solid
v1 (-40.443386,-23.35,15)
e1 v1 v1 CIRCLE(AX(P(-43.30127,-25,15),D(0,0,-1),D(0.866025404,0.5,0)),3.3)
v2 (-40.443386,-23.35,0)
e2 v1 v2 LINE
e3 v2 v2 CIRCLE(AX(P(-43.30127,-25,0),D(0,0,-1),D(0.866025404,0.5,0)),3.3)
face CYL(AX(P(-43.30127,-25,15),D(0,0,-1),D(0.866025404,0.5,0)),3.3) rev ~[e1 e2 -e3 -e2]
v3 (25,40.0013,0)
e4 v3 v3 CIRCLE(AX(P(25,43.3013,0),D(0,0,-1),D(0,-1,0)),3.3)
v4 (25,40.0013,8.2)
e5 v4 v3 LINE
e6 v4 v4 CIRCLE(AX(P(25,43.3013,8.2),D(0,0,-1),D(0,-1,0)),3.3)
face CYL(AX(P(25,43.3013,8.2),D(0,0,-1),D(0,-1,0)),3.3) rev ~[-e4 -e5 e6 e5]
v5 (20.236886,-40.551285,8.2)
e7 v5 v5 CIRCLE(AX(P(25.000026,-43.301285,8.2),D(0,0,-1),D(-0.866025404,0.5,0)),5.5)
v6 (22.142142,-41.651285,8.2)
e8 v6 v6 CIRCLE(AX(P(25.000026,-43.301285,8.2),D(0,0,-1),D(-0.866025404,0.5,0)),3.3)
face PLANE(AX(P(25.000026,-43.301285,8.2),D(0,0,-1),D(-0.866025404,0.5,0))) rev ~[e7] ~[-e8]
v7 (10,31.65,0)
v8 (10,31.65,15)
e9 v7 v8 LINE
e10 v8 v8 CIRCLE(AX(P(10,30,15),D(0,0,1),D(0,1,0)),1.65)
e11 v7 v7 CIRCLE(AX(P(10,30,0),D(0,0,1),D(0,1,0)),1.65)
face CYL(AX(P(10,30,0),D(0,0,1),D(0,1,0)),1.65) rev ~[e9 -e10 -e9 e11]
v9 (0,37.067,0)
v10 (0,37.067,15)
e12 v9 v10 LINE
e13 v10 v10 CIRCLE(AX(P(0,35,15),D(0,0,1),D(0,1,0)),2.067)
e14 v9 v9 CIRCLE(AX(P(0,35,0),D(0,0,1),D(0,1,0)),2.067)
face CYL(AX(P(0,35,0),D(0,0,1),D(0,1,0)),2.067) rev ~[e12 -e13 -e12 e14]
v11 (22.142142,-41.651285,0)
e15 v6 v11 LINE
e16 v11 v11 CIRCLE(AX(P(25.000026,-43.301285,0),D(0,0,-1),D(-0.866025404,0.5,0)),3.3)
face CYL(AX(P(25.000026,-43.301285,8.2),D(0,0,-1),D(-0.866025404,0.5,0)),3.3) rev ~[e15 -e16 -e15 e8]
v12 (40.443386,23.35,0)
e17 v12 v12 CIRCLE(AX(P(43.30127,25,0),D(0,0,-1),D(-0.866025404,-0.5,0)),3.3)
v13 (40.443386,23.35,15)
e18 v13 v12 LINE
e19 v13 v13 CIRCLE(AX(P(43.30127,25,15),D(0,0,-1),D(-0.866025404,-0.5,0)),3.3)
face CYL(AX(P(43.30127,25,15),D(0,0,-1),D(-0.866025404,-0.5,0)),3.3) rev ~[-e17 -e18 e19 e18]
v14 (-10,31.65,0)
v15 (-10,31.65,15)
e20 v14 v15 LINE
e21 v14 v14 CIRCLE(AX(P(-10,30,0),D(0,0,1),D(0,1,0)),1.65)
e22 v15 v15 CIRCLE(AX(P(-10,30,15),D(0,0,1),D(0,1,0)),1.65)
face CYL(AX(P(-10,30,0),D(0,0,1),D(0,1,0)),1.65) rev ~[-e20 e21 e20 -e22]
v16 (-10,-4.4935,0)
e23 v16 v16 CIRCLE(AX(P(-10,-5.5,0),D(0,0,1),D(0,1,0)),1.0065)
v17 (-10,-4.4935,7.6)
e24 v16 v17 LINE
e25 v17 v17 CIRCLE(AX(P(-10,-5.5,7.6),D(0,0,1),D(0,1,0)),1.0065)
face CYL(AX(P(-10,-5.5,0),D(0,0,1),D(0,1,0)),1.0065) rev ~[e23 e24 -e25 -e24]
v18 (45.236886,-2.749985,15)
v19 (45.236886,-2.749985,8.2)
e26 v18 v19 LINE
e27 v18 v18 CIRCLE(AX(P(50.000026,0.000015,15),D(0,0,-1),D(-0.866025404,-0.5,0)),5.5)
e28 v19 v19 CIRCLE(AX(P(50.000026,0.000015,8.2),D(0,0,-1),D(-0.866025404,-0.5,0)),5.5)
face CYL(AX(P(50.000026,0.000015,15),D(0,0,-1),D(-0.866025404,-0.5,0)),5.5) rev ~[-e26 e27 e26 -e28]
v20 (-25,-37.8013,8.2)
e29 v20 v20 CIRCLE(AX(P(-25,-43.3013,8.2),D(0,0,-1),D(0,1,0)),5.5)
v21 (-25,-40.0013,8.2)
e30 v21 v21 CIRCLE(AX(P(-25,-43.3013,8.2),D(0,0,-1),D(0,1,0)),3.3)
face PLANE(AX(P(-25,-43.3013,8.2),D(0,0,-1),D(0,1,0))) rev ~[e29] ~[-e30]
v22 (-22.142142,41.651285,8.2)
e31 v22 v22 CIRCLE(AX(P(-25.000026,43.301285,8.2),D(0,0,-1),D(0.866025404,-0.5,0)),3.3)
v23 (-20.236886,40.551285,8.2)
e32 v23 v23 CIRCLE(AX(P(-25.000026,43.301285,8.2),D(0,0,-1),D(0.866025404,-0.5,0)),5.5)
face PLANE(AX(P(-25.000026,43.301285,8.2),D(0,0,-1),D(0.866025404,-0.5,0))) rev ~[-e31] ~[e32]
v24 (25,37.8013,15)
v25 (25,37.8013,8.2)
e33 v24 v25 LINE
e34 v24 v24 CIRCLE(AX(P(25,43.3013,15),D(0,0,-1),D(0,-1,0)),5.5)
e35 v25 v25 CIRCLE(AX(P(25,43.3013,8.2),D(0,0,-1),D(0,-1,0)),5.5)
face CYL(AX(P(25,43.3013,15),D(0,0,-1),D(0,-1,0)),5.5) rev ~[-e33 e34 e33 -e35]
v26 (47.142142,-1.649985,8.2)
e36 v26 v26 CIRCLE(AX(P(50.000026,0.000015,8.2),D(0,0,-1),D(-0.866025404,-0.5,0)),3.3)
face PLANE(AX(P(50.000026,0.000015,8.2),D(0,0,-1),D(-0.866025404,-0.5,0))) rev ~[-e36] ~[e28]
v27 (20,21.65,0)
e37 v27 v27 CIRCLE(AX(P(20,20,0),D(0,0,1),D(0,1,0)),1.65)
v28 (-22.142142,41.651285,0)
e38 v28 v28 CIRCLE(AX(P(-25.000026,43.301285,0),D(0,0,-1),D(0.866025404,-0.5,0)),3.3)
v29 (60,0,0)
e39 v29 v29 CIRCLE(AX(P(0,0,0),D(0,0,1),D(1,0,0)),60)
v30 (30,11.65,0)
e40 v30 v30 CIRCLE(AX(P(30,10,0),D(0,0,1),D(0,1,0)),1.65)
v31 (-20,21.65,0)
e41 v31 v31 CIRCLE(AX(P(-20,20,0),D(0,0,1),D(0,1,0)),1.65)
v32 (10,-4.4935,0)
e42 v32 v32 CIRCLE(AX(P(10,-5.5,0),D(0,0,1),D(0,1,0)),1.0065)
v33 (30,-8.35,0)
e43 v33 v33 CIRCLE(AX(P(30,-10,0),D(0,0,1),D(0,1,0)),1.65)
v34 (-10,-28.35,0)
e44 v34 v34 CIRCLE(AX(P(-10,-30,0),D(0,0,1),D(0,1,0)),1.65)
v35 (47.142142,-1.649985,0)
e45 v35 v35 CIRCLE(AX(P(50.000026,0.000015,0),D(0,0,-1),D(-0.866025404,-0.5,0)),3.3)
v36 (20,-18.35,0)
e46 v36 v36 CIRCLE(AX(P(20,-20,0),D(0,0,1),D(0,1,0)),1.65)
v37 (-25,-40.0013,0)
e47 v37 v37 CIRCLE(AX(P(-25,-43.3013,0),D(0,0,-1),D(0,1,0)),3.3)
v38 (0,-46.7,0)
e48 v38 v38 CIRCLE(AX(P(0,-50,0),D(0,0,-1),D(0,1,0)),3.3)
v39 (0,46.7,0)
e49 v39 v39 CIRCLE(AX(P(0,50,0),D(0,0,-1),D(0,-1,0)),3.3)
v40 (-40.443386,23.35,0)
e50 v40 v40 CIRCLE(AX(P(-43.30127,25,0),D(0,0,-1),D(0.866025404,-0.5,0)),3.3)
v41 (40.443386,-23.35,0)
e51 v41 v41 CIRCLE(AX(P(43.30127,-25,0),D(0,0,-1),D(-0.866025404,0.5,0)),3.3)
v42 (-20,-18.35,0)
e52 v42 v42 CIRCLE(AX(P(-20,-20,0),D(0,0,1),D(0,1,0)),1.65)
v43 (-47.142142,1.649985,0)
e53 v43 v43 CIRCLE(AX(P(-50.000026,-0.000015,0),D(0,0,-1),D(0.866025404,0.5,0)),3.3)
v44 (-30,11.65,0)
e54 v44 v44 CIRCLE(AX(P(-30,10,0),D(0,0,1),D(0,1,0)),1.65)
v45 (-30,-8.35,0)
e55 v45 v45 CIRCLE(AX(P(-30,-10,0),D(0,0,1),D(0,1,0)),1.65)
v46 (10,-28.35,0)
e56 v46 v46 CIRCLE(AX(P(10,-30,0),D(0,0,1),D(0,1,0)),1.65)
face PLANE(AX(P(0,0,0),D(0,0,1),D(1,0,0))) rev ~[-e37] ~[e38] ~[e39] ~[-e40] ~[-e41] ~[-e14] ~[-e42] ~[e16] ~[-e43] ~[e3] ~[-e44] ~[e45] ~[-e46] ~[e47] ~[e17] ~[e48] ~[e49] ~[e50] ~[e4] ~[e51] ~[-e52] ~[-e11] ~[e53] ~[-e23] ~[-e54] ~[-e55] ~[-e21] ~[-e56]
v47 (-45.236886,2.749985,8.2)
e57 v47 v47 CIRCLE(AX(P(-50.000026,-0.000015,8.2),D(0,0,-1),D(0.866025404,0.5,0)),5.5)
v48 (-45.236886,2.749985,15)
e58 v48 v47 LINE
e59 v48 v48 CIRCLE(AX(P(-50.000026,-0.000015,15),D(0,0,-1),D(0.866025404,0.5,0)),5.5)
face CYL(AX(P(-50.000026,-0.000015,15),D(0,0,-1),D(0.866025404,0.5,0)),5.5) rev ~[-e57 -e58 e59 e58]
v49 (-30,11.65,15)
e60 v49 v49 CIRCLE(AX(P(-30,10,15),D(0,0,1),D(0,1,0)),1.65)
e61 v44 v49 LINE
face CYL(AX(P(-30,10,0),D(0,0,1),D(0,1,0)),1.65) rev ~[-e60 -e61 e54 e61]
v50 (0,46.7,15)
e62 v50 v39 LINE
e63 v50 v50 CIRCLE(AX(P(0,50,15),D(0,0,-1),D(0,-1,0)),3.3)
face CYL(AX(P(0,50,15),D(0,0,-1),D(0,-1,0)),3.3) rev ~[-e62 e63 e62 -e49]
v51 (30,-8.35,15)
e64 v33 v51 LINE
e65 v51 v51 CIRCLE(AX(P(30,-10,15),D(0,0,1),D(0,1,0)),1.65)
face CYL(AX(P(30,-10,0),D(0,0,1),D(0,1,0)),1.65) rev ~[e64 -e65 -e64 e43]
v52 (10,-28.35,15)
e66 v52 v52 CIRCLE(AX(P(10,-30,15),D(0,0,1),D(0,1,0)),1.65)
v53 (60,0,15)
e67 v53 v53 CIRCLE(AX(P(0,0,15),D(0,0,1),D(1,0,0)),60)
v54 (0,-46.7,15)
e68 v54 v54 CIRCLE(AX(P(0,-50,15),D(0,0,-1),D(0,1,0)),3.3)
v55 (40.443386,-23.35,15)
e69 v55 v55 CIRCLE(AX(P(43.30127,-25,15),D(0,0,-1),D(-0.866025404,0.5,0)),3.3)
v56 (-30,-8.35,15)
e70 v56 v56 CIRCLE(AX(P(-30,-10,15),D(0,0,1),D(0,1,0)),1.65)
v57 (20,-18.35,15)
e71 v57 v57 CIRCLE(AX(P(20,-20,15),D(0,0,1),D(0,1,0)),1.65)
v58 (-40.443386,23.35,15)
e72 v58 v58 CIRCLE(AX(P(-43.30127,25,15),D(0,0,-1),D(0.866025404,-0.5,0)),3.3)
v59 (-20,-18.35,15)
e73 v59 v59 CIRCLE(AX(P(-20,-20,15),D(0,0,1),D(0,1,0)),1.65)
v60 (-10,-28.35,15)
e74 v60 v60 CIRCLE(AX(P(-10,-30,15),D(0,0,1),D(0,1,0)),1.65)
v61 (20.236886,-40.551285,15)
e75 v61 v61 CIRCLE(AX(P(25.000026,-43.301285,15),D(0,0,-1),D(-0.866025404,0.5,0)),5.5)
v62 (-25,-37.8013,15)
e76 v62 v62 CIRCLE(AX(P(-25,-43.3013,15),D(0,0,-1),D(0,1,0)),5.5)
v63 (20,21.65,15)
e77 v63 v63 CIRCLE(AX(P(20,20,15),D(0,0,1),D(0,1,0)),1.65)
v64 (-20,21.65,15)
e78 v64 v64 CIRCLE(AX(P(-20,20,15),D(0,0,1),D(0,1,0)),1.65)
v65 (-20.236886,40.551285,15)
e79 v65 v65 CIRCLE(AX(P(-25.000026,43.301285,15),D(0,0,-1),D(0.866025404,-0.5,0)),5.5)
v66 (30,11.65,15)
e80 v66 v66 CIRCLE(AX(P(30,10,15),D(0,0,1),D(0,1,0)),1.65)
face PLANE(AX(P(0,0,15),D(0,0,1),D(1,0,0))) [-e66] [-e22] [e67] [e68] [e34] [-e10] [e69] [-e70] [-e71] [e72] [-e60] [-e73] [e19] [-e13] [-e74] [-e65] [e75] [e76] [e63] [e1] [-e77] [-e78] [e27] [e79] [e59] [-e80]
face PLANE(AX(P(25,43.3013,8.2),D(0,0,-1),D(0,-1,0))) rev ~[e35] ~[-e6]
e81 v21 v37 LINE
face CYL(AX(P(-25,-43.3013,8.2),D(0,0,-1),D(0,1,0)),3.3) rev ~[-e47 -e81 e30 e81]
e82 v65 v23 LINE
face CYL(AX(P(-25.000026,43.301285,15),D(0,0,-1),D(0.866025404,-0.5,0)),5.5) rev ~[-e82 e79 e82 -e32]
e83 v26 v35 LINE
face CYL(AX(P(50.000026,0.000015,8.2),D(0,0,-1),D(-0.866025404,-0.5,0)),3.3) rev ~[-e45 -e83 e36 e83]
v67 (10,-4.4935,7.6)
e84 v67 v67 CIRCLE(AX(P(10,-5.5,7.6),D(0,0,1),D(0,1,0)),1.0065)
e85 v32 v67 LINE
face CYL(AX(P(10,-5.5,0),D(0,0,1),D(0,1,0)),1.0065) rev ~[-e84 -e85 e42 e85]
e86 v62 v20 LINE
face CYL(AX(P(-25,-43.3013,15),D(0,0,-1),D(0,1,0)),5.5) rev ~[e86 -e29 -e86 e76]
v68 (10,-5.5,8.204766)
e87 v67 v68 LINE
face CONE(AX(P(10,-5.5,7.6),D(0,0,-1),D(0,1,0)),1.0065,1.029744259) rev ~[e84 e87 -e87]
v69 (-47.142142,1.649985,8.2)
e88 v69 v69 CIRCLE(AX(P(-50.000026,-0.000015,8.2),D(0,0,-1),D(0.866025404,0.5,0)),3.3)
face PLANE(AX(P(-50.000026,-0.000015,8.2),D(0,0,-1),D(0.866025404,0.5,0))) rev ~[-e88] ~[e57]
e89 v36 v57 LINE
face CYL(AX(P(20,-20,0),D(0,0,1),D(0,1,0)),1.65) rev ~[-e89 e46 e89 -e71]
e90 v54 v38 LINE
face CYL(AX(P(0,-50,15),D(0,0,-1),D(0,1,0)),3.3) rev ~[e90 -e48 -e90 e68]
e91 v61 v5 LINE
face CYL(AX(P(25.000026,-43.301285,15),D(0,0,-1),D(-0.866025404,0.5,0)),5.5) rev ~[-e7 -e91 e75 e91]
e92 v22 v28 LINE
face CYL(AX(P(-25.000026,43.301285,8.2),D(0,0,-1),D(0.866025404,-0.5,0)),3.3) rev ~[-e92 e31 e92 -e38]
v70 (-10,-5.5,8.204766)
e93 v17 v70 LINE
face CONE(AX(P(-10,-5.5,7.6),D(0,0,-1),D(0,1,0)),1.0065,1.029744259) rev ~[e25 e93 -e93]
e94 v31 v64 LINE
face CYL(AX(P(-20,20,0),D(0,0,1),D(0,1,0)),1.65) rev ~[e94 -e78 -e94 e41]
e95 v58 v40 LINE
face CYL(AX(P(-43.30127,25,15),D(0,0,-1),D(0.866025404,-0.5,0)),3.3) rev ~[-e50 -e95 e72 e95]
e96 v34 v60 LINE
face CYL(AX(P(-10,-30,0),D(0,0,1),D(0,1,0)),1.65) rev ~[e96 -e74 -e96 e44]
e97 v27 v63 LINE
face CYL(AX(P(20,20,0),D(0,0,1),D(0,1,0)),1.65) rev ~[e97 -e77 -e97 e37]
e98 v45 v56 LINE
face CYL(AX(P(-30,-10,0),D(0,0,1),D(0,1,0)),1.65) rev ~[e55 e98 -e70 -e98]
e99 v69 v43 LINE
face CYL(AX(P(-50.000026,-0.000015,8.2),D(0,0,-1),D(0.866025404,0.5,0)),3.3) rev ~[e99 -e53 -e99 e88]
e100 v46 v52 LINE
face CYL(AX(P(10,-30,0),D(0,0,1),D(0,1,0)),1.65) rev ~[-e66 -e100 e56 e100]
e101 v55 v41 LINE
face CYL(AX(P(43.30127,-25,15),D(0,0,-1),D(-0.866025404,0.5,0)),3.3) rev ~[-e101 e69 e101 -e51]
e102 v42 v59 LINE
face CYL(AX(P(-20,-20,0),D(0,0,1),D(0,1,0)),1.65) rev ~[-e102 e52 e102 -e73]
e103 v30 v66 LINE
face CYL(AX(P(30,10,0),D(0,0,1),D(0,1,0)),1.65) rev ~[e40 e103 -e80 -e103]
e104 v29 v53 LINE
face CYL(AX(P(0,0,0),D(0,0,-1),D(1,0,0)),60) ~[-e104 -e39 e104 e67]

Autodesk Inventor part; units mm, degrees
ref_plane "YZ Plane" through (0, 0, 0) normal (1, 0, 0) x (0, 1, 0)
ref_plane "XZ Plane" through (0, 0, 0) normal (0, 1, 0) x (-1, 0, 0)
ref_plane "XY Plane" through (0, 0, 0) normal (0, 0, 1) x (1, 0, 0)
sketch "Sketch1" plane through (0, 0, 0) normal (0, 0, 1) x (1, 0, 0)
  circle A0 centre (0, 0) radius 60 projected
  point P0 (0, 0)
  point P1 (-51.3571, -31.5041)
  point P2 (-31.5041, -51.3571)
extrude "Extrusion1" add sketch "Sketch1" along normal blind 15
sketch "Sketch13" plane through (0, 0, 0) normal (0, 0, -1) x (-1, 0, 0)
  point P0 (0, 0)
  point P1 (0, 0)
sketch "Sketch14" plane through (0, 0, 15) normal (0, 0, 1) x (1, 0, 0)
  circle A0 centre (0, 50) radius 2.4585 projected
  point P0 (0, 0)
hole "Hole10" at (0, 50, 15) direction (0, 0, -1) diameter 6.6 depth 17.1 clearance for "Socket Head Cap Screw ISO 4762" size "M6" standard "ISO"
pattern_circular "Circular Pattern6" count 6 over 360 about axis through (0, 0, 0) along (0, 0, 1) of "Hole10"
sketch "Sketch15" plane through (0, 0, 15) normal (0, 0, 1) x (1, 0, 0)
  circle A0 centre (25, 43.3013) radius 2.4585 projected
  point P0 (0, 0)
hole "Hole11" at (25, 43.3013, 15) direction (0, 0, -1) diameter 6.6 end through all counterbore diameter 11 counterbore depth 6.8 clearance for "Socket Head Cap Screw ISO 4762" size "M6" standard "ISO"
pattern_circular "Circular Pattern7" count 6 over 360 about axis through (0, 0, 0) along (0, 0, 1) of "Hole11"
sketch "Sketch16" plane through (0, 0, 0) normal (0, 0, -1) x (-1, 0, 0)
  line L0 (12.05, -6.95) -> (12.05, -3.5) projected
  line L1 (12.05, -3.5) -> (13, -3.5) projected
  line L2 (13, -3.5) -> (13, 6) projected
  line L3 (7, 12) -> (13, 6) projected
  line L4 (7, 12) -> (-7, 12) projected
  line L5 (-13, 6) -> (-7, 12) projected
  line L6 (-13, 6) -> (-13, -3.5) projected
  line L7 (-13, -3.5) -> (-12.05, -3.5) projected
  line L8 (-12.05, -3.5) -> (-12.05, -6.95) projected
  line L9 (-7, -12) -> (-12.05, -6.95) projected
  line L10 (-7, -12) -> (7, -12) projected
  line L11 (12.05, -6.95) -> (7, -12) projected
  circle A0 centre (-10, -5.5) radius 1.35 projected
  circle A1 centre (10, -5.5) radius 1.35 projected
  circle A2 centre (-10, 5.5) radius 0.8 projected
  circle A3 centre (10, 5.5) radius 0.8 projected
  point P0 (0, 0)
hole "Hole12" at (10, -5.5, 0) at (-10, -5.5, 0) direction (0, 0, 1) diameter 2.013 depth 7.6 tip angle 118 thread size "M2.5x0.45" class "6H" standard "ISO Metric profile"
sketch "Sketch17" plane through (0, 0, 0) normal (0, 0, -1) x (-1, 0, 0)
  circle A0 centre (-10, 5.5) radius 0.8 projected
  circle A1 centre (10, 5.5) radius 0.8 projected
  point P0 (0, 0)
hole "Hole13" [suppressed]
sketch "Sketch18" plane through (0, 0, 0) normal (0, 0, -1) x (-1, 0, 0)
  circle A0 centre (0, 0) radius 40 projected
  circle A1 centre (0, 0) radius 30 projected
  line L0 (0, 30) -> (0, 40) construction
  circle A2 centre (0, 35) radius 2.5
  point P0 (0, 0)
  dimension "d114" = 5
hole "Hole14" at (0, 35, 0) direction (0, 0, 1) diameter 4.134 end through all thread size "M5x0.8" class "6H" standard "ISO Metric profile"
sketch "Sketch20" plane through (0, 0, 0) normal (0, 0, -1) x (-1, 0, 0)
  line L0 (-20, 20) -> (20, 20)
  line L1 (20, 20) -> (20, -20)
  line L2 (20, -20) -> (-20, -20)
  line L3 (-20, -20) -> (-20, 20)
  line L4 (-10, 30) -> (10, 30)
  line L5 (10, 30) -> (10, -30)
  line L6 (10, -30) -> (-10, -30)
  line L7 (-10, -30) -> (-10, 30)
  line L8 (-30, 10) -> (30, 10)
  line L9 (30, 10) -> (30, -10)
  line L10 (30, -10) -> (-30, -10)
  line L11 (-30, -10) -> (-30, 10)
  point P0 (0, 0)
  point P1 (0, 20)
  point P2 (-20, 0)
  point P3 (-20, 0)
  point P4 (0, 20)
  point P5 (20, 0)
  point P6 (0, -20)
  point P7 (-10, 0)
  point P8 (0, 30)
  point P9 (-30, 0)
  point P10 (0, 10)
  dimension "d124" = 40
  dimension "d125" = 40
  dimension "d141" = 60
  dimension "d142" = 20
  dimension "d143" = 20
  dimension "d144" = 60
hole "Hole15" at (20, 20, 0) at (-20, 20, 0) at (-20, -20, 0) at (20, -20, 0) at (30, -10, 0) at (30, 10, 0) at (10, 30, 0) at (-10, 30, 0) at (-30, 10, 0) at (-30, -10, 0) at (-10, -30, 0) at (10, -30, 0) direction (0, 0, 1) diameter 3.3 depth 20 tip angle 118
thread "Thread1" size "M4x0.7" class "6H" standard "ANSI Metric M Profile" full length
thread "Thread2" size "M4x0.7" class "6H" standard "ANSI Metric M Profile" full length
thread "Thread3" size "M4x0.7" class "6H" standard "ANSI Metric M Profile" full length
thread "Thread4" size "M4x0.7" class "6H" standard "ANSI Metric M Profile" full length
thread "Thread5" size "M4x0.7" class "6H" standard "ANSI Metric M Profile" full length
thread "Thread6" size "M4x0.7" class "6H" standard "ANSI Metric M Profile" full length
thread "Thread7" size "M4x0.7" class "6H" standard "ANSI Metric M Profile" full length
thread "Thread8" size "M4x0.7" class "6H" standard "ANSI Metric M Profile" full length
thread "Thread9" size "M4x0.7" class "6H" standard "ANSI Metric M Profile" full length
thread "Thread10" size "M4x0.7" class "6H" standard "ANSI Metric M Profile" full length
thread "Thread11" size "M4x0.7" class "6H" standard "ANSI Metric M Profile" full length
thread "Thread12" size "M4x0.7" class "6H" standard "ANSI Metric M Profile" full length
properties part number "base_becherboden" material "ABS Plastic"
